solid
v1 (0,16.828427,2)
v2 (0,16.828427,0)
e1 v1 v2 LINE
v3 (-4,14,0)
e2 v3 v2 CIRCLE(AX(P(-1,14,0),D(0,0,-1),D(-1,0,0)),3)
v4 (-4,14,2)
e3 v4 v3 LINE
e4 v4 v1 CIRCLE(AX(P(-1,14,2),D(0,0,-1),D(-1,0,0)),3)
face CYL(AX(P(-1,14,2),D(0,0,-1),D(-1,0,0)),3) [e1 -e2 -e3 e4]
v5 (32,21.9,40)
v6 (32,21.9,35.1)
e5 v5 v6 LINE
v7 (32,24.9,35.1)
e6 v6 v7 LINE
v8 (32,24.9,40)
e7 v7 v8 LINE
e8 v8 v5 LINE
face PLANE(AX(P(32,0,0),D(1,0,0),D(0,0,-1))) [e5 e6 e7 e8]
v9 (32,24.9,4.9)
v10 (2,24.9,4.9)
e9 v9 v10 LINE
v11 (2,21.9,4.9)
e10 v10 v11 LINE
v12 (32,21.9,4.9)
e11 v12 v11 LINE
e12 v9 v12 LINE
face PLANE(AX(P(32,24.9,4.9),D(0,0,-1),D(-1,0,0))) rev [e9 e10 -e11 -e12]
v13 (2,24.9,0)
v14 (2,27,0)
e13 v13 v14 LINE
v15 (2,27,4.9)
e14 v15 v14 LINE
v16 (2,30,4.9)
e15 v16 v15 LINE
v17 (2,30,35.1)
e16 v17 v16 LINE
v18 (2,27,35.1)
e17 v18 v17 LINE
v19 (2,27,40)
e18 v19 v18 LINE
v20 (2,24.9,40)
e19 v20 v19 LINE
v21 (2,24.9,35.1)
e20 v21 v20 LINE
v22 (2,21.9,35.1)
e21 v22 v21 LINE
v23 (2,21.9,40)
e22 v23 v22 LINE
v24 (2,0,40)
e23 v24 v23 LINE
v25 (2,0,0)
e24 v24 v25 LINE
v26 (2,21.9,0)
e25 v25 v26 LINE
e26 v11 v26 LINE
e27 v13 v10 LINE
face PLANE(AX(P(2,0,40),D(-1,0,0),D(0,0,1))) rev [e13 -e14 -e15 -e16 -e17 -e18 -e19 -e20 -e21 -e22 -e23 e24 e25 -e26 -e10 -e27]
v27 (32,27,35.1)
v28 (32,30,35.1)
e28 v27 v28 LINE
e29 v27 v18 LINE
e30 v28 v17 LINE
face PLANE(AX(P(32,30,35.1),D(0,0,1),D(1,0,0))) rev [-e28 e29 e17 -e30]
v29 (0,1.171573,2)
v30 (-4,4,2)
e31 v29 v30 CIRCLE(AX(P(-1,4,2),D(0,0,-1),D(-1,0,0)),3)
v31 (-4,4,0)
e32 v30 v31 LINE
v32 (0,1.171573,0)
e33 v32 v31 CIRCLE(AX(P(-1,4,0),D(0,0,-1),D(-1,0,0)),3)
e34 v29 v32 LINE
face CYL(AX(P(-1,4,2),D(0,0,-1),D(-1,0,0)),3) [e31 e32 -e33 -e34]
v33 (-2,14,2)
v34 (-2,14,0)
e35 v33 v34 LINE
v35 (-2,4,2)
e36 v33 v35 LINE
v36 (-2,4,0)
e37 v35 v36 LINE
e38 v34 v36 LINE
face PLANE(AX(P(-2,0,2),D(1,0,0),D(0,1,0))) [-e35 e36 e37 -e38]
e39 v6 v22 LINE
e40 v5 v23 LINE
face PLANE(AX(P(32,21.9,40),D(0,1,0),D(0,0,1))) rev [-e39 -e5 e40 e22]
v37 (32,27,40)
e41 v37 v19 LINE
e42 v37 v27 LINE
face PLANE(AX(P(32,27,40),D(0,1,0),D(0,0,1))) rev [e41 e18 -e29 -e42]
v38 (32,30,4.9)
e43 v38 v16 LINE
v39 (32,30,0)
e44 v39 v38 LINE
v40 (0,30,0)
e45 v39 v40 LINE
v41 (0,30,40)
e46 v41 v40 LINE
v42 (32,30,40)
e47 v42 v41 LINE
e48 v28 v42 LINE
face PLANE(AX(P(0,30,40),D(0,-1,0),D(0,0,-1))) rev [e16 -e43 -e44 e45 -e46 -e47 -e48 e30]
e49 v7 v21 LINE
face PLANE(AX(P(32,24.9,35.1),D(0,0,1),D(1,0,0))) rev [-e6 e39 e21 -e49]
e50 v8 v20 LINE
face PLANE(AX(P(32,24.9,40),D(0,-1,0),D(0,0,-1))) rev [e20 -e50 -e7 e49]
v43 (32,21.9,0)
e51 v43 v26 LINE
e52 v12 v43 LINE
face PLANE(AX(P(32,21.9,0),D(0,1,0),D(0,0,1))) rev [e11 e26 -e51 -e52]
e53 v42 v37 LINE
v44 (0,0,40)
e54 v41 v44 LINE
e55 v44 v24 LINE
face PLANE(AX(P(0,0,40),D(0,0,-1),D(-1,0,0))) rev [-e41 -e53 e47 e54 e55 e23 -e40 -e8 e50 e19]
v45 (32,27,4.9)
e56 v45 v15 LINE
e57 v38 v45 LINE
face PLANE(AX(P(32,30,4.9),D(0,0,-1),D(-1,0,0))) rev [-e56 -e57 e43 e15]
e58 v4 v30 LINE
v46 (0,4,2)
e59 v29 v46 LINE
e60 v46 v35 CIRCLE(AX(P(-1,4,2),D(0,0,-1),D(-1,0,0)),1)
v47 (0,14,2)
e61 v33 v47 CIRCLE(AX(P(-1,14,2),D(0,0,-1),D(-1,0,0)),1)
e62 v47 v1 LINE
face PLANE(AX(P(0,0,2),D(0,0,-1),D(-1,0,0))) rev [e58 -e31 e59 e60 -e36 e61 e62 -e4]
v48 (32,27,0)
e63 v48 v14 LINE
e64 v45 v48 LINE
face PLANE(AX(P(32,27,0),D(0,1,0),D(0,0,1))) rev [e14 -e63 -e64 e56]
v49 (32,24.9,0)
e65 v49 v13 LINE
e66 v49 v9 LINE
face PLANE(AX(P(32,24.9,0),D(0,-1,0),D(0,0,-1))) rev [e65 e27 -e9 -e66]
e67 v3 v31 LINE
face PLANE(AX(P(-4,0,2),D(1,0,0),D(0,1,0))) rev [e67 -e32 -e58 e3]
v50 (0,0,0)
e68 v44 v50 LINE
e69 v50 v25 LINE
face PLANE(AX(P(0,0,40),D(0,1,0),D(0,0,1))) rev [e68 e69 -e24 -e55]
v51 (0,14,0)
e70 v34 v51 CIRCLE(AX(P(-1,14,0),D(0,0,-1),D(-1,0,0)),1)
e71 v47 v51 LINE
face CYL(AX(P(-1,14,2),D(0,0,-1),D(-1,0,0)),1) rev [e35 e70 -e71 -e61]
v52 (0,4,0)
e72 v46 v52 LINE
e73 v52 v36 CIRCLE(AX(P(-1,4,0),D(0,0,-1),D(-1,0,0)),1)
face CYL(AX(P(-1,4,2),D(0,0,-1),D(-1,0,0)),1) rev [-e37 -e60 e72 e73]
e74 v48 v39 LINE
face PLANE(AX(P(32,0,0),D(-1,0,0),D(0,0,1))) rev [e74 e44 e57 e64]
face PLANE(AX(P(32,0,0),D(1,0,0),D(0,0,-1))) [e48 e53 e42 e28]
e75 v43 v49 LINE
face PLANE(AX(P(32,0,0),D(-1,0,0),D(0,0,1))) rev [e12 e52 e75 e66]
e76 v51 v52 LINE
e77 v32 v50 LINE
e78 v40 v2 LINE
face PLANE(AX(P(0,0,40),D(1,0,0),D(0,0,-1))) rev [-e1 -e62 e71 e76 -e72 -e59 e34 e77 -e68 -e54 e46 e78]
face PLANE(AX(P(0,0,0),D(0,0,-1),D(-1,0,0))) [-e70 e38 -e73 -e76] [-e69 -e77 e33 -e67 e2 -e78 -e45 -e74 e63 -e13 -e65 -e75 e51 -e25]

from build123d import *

# Parameters (mm, degrees)
SKICA1_W                = 2
SKICA1_H                = 30
P_IDAT_VYSUNUT_M1_DEPTH = 40
SKICA2_W                = 4.9
SKICA2_H                = 3
P_IDAT_VYSUNUT_M2_DEPTH = 30
P_IDAT_VYSUNUT_M3_DEPTH = 2


with BuildPart() as part:
    # Skica1 → Přidat vysunutím1 (new body)
    with BuildSketch(Plane.XY):
        with Locations((1, 15)):
            Rectangle(SKICA1_W, SKICA1_H)
    extrude(amount=P_IDAT_VYSUNUT_M1_DEPTH)

    # Skica2 → Přidat vysunutím2 (add)
    with BuildSketch(Plane(origin=(2, 0, 0), x_dir=(0, 0, -1), z_dir=(1, 0, 0))):
        with Locations((-37.55, 28.5)):
            Rectangle(SKICA2_W, SKICA2_H)
        with Locations((-2.45, 28.5)):
            Rectangle(SKICA2_W, SKICA2_H)
        with Locations((-37.55, 23.4)):
            Rectangle(SKICA2_W, SKICA2_H)
        with Locations((-2.45, 23.4)):
            Rectangle(SKICA2_W, SKICA2_H)
    extrude(amount=P_IDAT_VYSUNUT_M2_DEPTH)

    # Skica3 → Přidat vysunutím3 (add)
    with BuildSketch(Plane(origin=(0, 0, 0), x_dir=(-1, 0, 0), z_dir=(0, 0, -1))):
        with BuildLine():
            ThreePointArc((0, 14), (1, 15), (2, 14))
            Line((2, 14), (2, 4))
            ThreePointArc((2, 4), (1, 3), (0, 4))
            Line((0, 4), (0, 1.171572875))
            ThreePointArc((0, 1.171572875), (2.732050808, 1.550510257), (4, 4))
            Line((4, 4), (4, 14))
            ThreePointArc((4, 14), (2.732050808, 16.449489743), (0, 16.828427125))
            Line((0, 16.828427125), (0, 14))
        make_face()
    extrude(amount=-P_IDAT_VYSUNUT_M3_DEPTH)


solid = part.part
